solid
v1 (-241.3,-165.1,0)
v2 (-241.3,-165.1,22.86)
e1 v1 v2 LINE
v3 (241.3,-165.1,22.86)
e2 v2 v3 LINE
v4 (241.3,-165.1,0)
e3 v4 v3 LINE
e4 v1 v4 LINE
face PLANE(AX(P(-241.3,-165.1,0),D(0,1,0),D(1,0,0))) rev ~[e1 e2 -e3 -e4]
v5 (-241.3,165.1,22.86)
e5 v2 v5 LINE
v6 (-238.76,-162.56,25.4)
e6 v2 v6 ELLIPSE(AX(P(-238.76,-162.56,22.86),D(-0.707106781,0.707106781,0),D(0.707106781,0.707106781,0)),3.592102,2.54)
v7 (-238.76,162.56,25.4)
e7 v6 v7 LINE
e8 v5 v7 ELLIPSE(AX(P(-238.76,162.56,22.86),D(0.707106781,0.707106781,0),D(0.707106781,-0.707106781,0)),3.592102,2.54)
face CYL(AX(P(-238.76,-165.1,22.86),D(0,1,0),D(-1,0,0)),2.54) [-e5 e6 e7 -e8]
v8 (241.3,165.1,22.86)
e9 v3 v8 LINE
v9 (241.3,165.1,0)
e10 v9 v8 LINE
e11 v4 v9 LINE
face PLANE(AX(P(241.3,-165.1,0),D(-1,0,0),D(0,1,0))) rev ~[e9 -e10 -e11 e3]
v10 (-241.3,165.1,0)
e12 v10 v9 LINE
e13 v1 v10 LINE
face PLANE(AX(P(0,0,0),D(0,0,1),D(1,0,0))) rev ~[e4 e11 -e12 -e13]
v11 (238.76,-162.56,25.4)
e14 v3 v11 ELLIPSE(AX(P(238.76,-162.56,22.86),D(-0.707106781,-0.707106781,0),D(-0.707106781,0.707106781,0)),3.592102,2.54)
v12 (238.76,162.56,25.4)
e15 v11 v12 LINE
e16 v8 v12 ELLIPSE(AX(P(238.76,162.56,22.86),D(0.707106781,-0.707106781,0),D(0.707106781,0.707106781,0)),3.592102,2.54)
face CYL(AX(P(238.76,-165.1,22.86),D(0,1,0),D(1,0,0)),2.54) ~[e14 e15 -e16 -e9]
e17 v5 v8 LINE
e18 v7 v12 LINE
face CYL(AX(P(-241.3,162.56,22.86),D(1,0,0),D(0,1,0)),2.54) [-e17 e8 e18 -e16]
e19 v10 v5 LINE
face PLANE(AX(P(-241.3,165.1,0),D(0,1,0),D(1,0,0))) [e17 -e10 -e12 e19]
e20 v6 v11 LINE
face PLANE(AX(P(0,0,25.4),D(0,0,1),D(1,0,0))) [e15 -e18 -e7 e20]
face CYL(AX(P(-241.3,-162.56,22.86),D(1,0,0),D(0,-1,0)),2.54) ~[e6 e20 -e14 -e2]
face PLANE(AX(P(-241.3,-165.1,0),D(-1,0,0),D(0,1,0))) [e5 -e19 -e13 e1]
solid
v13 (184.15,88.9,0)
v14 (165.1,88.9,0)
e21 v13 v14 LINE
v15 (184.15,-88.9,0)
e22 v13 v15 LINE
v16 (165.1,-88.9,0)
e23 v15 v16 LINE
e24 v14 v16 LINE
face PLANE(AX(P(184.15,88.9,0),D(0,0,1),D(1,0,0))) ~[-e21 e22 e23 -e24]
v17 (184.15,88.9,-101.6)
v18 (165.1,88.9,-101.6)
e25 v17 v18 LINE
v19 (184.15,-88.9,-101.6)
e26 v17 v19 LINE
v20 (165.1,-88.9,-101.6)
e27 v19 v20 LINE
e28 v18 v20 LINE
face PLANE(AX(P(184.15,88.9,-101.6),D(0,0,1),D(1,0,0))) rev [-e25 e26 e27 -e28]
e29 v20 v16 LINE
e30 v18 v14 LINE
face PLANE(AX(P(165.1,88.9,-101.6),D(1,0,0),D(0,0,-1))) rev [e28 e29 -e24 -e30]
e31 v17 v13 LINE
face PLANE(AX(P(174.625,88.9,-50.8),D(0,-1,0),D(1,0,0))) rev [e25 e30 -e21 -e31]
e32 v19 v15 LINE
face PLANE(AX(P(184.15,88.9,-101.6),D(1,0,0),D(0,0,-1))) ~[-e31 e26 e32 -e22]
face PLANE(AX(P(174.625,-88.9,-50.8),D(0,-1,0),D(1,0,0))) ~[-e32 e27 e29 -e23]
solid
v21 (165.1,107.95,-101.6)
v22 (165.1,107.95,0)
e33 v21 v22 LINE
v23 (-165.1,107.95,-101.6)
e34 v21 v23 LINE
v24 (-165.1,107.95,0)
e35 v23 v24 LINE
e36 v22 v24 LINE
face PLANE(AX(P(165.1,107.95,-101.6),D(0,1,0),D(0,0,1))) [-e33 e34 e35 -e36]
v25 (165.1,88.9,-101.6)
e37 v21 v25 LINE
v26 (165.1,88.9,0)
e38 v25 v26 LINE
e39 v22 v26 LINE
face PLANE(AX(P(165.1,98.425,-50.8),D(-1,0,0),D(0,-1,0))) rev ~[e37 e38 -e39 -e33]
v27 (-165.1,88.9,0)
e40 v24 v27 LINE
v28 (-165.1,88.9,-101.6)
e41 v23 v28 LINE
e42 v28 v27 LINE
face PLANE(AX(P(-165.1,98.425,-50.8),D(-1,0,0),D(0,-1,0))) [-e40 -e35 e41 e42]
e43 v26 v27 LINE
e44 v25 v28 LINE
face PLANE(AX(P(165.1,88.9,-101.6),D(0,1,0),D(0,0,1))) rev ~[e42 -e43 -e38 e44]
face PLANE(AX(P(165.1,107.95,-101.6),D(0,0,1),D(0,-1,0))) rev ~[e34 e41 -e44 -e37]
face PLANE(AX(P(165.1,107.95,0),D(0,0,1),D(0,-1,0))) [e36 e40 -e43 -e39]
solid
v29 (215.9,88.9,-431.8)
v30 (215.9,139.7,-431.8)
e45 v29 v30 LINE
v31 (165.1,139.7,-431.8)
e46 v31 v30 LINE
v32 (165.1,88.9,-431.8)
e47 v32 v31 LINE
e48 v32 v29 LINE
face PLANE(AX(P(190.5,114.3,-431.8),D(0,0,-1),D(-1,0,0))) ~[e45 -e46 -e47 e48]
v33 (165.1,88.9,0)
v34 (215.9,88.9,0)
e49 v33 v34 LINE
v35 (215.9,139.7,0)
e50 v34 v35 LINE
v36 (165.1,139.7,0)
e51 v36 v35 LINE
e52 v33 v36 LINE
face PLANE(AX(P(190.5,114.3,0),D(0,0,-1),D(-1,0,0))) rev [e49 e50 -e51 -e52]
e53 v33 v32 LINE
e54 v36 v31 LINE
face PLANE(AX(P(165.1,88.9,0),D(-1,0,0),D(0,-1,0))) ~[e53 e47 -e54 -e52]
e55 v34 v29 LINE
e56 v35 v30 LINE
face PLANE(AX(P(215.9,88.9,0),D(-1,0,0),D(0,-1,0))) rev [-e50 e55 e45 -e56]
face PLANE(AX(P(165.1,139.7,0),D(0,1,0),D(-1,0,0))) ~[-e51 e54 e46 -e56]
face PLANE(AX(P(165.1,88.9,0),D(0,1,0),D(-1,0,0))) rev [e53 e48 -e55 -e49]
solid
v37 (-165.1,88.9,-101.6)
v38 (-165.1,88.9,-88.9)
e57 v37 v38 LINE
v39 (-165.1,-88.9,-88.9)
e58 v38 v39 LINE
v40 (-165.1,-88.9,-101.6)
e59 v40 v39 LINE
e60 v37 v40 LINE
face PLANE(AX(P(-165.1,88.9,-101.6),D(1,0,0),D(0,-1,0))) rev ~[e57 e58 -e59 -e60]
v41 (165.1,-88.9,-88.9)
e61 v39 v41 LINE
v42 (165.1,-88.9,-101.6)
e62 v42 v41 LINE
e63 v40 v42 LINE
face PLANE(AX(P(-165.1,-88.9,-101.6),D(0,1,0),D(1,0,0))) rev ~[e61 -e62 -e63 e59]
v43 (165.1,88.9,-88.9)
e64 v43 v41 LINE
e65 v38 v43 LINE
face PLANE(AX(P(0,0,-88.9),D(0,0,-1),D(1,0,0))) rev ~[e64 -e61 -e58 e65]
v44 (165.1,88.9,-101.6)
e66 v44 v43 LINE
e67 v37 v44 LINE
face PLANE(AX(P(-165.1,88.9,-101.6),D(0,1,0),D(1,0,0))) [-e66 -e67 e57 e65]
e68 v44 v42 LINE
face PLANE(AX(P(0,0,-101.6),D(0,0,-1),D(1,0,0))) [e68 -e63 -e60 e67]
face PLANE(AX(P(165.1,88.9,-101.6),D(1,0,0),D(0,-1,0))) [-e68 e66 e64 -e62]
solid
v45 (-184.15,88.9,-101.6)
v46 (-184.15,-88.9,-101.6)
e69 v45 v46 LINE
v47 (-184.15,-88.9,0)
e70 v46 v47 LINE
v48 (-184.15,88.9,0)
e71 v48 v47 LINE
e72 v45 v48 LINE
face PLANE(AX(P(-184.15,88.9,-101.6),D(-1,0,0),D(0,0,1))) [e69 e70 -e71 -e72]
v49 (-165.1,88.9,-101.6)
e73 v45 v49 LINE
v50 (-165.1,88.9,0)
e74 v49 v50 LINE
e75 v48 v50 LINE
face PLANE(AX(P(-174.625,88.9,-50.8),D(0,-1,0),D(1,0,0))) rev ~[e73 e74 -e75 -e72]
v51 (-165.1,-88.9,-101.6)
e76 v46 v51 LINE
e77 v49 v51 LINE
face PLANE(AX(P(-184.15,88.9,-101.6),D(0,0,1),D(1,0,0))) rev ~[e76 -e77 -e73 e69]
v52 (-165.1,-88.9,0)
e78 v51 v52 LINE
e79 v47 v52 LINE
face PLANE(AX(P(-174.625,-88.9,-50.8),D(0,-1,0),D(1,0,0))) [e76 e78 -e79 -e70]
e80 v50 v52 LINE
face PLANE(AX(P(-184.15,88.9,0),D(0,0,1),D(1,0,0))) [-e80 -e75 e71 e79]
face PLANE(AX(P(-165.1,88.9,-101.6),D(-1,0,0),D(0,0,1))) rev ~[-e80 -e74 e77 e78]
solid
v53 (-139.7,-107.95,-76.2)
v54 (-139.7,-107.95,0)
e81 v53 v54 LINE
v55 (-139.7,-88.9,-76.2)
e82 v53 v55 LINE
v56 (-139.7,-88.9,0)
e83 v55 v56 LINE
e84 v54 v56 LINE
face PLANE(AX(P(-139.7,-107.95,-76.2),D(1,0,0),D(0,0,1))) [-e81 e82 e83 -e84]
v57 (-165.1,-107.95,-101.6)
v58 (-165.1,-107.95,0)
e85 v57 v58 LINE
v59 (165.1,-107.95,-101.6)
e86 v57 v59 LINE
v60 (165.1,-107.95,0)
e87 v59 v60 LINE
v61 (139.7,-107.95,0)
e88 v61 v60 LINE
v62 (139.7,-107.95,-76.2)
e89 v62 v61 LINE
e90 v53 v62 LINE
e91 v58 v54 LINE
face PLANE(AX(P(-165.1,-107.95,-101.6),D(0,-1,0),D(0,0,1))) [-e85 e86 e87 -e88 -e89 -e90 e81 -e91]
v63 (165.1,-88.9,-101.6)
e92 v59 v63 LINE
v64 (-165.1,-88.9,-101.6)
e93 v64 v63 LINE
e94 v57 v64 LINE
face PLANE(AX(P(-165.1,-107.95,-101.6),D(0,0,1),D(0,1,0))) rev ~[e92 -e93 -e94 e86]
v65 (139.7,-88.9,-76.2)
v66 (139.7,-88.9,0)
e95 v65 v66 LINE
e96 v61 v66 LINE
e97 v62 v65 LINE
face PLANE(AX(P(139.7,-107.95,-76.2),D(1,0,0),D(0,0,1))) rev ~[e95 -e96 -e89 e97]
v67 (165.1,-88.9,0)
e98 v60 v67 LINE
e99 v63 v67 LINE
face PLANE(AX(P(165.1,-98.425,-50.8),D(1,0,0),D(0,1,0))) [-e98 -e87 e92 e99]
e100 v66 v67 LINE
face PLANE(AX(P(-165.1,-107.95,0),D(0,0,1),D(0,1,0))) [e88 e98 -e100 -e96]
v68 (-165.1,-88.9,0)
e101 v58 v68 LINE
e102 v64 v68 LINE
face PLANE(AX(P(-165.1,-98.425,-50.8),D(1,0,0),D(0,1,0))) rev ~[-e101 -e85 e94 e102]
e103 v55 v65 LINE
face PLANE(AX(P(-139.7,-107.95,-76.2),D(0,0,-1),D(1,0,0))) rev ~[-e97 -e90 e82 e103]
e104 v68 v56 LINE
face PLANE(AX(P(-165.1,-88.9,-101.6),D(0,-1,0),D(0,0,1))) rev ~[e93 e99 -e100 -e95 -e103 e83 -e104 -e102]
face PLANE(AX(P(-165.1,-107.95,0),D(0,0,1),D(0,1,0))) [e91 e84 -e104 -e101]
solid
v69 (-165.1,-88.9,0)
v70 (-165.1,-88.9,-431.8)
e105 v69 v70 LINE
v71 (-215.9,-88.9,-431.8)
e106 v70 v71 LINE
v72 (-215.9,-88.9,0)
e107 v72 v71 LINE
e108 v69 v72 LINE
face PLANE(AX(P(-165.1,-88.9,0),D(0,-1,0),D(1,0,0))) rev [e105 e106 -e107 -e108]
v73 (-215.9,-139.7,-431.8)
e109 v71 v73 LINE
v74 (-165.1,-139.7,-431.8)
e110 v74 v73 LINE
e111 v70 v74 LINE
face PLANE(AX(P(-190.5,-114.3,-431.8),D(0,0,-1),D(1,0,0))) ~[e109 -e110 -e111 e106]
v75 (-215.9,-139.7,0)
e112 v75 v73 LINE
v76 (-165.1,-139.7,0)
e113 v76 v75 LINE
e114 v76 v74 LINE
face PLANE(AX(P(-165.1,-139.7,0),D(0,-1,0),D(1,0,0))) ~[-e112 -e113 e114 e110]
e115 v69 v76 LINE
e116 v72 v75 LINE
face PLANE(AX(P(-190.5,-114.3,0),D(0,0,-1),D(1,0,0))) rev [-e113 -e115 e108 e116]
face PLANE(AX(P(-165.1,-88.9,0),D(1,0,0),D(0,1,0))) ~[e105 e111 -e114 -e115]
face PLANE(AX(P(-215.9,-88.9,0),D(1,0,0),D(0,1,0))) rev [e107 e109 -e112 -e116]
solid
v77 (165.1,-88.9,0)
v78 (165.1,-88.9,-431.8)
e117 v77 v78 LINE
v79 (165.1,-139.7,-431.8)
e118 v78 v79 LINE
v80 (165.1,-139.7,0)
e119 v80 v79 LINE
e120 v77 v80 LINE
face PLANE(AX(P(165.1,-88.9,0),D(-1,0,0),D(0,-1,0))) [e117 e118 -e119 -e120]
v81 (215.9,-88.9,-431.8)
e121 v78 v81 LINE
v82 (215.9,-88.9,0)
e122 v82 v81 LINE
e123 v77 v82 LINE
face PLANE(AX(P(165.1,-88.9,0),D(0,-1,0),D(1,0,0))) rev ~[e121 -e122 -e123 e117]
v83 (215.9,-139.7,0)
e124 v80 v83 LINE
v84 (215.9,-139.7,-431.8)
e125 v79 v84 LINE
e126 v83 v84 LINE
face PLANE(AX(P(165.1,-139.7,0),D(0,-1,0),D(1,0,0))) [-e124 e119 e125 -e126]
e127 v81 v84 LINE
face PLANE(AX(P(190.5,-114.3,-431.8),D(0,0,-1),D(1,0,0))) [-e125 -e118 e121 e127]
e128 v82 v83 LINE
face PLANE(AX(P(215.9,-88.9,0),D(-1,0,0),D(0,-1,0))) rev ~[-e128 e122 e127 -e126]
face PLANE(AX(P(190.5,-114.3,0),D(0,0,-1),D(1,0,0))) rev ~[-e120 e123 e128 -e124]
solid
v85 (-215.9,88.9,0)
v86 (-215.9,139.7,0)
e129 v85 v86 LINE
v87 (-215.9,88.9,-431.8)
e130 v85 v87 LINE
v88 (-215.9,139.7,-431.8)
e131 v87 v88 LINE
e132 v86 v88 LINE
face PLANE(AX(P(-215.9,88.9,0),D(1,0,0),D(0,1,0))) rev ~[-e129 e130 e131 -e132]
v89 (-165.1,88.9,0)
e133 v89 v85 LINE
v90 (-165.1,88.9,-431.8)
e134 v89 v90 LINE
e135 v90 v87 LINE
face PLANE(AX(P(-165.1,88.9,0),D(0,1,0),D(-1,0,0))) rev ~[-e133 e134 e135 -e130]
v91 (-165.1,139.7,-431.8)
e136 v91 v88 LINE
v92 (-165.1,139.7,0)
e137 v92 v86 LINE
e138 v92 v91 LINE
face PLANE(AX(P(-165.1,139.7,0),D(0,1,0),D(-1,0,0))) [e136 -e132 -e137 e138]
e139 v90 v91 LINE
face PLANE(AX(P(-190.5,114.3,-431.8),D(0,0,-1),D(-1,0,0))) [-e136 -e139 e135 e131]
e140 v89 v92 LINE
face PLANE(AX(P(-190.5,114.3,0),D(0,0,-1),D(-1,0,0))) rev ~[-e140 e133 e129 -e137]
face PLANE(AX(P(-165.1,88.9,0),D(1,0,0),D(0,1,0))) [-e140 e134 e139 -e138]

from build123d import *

# Parameters (mm, degrees)
F0_W      = 482.6
F0_H      = 330.2
F1_DEPTH  = 25.4
F2_R      = 2.54
F3_W      = 50.8
F3_H      = 50.8
F4_DEPTH  = 431.8
F7_W      = 19.05
F7_H      = 101.6
F8_DEPTH  = 330.2
F9_W      = 19.05
F9_H      = 101.6
F10_DEPTH = 177.8
F12_W     = 19.05
F12_H     = 101.6
F13_DEPTH = 330.2
F14_W     = 330.2
F14_H     = 177.8
F15_DEPTH = 12.7
F16_W     = 279.4
F16_H     = 76.2
F17_DEPTH = 19.05


with BuildPart() as f1:
    # F0 (on Top) → F1 (new body)
    with BuildSketch(Plane.XY):
        Rectangle(F0_W, F0_H)
    extrude(amount=F1_DEPTH)

    # F2
    f2_edges = [f1.edges().sort_by_distance(p)[0] for p in [
        (241.3, 0, 25.4),
        (0, 165.1, 25.4),
        (-241.3, 0, 25.4),
        (0, -165.1, 25.4),
    ]]
    fillet(f2_edges, radius=F2_R)


with BuildPart() as f4:
    # F3 (on face) → F4 (new body)
    with BuildSketch(Plane(origin=(0, 0, 0), x_dir=(1, 0, 0), z_dir=(0, 0, -1))):
        with Locations((190.5, 114.3)):
            Rectangle(F3_W, F3_H)
    extrude(amount=F4_DEPTH)


with BuildPart() as f5_1:
    # F5: instance of F4
    add(f4.part.mirror(Plane.YZ))


with BuildPart() as f6_1:
    # F6: instance of F4
    add(f4.part.mirror(Plane.XZ))


with BuildPart() as f6_2:
    # F6: instance of F5_1
    add(f5_1.part.mirror(Plane.XZ))


with BuildPart() as f8:
    # F7 (on face) → F8 (new body, through all)
    with BuildSketch(Plane(origin=(165.1, 0, 0), x_dir=(0, -1, 0), z_dir=(-1, 0, 0))):
        with Locations((-98.425, -50.8)):
            Rectangle(F7_W, F7_H)
    extrude(amount=F8_DEPTH)


with BuildPart() as f10:
    # F9 (on face) → F10 (new body, through all)
    with BuildSketch(Plane.XZ.offset(-88.9)):
        with Locations((-174.625, -50.8)):
            Rectangle(F9_W, F9_H)
    extrude(amount=F10_DEPTH)


with BuildPart() as f11_1:
    # F11: instance of F10
    add(f10.part.mirror(Plane.YZ))


with BuildPart() as f13:
    # F12 (on face) → F13 (new body, through all)
    with BuildSketch(Plane.YZ.offset(-165.1)):
        with Locations((-98.425, -50.8)):
            Rectangle(F12_W, F12_H)
    extrude(amount=F13_DEPTH)

    # F16 (on face) → F17 (cut, through all)
    with BuildSketch(Plane.XZ.offset(107.95)):
        with Locations((0, -38.1)):
            Rectangle(F16_W, F16_H)
    extrude(amount=-F17_DEPTH, mode=Mode.SUBTRACT)


with BuildPart() as f15:
    # F14 (on face) → F15 (new body)
    with BuildSketch(Plane(origin=(0, 0, -101.6), x_dir=(1, 0, 0), z_dir=(0, 0, -1))):
        Rectangle(F14_W, F14_H)
    extrude(amount=-F15_DEPTH)


solid = Compound([f1.part, f4.part, f5_1.part, f6_1.part, f6_2.part, f8.part, f10.part, f11_1.part, f13.part, f15.part])
